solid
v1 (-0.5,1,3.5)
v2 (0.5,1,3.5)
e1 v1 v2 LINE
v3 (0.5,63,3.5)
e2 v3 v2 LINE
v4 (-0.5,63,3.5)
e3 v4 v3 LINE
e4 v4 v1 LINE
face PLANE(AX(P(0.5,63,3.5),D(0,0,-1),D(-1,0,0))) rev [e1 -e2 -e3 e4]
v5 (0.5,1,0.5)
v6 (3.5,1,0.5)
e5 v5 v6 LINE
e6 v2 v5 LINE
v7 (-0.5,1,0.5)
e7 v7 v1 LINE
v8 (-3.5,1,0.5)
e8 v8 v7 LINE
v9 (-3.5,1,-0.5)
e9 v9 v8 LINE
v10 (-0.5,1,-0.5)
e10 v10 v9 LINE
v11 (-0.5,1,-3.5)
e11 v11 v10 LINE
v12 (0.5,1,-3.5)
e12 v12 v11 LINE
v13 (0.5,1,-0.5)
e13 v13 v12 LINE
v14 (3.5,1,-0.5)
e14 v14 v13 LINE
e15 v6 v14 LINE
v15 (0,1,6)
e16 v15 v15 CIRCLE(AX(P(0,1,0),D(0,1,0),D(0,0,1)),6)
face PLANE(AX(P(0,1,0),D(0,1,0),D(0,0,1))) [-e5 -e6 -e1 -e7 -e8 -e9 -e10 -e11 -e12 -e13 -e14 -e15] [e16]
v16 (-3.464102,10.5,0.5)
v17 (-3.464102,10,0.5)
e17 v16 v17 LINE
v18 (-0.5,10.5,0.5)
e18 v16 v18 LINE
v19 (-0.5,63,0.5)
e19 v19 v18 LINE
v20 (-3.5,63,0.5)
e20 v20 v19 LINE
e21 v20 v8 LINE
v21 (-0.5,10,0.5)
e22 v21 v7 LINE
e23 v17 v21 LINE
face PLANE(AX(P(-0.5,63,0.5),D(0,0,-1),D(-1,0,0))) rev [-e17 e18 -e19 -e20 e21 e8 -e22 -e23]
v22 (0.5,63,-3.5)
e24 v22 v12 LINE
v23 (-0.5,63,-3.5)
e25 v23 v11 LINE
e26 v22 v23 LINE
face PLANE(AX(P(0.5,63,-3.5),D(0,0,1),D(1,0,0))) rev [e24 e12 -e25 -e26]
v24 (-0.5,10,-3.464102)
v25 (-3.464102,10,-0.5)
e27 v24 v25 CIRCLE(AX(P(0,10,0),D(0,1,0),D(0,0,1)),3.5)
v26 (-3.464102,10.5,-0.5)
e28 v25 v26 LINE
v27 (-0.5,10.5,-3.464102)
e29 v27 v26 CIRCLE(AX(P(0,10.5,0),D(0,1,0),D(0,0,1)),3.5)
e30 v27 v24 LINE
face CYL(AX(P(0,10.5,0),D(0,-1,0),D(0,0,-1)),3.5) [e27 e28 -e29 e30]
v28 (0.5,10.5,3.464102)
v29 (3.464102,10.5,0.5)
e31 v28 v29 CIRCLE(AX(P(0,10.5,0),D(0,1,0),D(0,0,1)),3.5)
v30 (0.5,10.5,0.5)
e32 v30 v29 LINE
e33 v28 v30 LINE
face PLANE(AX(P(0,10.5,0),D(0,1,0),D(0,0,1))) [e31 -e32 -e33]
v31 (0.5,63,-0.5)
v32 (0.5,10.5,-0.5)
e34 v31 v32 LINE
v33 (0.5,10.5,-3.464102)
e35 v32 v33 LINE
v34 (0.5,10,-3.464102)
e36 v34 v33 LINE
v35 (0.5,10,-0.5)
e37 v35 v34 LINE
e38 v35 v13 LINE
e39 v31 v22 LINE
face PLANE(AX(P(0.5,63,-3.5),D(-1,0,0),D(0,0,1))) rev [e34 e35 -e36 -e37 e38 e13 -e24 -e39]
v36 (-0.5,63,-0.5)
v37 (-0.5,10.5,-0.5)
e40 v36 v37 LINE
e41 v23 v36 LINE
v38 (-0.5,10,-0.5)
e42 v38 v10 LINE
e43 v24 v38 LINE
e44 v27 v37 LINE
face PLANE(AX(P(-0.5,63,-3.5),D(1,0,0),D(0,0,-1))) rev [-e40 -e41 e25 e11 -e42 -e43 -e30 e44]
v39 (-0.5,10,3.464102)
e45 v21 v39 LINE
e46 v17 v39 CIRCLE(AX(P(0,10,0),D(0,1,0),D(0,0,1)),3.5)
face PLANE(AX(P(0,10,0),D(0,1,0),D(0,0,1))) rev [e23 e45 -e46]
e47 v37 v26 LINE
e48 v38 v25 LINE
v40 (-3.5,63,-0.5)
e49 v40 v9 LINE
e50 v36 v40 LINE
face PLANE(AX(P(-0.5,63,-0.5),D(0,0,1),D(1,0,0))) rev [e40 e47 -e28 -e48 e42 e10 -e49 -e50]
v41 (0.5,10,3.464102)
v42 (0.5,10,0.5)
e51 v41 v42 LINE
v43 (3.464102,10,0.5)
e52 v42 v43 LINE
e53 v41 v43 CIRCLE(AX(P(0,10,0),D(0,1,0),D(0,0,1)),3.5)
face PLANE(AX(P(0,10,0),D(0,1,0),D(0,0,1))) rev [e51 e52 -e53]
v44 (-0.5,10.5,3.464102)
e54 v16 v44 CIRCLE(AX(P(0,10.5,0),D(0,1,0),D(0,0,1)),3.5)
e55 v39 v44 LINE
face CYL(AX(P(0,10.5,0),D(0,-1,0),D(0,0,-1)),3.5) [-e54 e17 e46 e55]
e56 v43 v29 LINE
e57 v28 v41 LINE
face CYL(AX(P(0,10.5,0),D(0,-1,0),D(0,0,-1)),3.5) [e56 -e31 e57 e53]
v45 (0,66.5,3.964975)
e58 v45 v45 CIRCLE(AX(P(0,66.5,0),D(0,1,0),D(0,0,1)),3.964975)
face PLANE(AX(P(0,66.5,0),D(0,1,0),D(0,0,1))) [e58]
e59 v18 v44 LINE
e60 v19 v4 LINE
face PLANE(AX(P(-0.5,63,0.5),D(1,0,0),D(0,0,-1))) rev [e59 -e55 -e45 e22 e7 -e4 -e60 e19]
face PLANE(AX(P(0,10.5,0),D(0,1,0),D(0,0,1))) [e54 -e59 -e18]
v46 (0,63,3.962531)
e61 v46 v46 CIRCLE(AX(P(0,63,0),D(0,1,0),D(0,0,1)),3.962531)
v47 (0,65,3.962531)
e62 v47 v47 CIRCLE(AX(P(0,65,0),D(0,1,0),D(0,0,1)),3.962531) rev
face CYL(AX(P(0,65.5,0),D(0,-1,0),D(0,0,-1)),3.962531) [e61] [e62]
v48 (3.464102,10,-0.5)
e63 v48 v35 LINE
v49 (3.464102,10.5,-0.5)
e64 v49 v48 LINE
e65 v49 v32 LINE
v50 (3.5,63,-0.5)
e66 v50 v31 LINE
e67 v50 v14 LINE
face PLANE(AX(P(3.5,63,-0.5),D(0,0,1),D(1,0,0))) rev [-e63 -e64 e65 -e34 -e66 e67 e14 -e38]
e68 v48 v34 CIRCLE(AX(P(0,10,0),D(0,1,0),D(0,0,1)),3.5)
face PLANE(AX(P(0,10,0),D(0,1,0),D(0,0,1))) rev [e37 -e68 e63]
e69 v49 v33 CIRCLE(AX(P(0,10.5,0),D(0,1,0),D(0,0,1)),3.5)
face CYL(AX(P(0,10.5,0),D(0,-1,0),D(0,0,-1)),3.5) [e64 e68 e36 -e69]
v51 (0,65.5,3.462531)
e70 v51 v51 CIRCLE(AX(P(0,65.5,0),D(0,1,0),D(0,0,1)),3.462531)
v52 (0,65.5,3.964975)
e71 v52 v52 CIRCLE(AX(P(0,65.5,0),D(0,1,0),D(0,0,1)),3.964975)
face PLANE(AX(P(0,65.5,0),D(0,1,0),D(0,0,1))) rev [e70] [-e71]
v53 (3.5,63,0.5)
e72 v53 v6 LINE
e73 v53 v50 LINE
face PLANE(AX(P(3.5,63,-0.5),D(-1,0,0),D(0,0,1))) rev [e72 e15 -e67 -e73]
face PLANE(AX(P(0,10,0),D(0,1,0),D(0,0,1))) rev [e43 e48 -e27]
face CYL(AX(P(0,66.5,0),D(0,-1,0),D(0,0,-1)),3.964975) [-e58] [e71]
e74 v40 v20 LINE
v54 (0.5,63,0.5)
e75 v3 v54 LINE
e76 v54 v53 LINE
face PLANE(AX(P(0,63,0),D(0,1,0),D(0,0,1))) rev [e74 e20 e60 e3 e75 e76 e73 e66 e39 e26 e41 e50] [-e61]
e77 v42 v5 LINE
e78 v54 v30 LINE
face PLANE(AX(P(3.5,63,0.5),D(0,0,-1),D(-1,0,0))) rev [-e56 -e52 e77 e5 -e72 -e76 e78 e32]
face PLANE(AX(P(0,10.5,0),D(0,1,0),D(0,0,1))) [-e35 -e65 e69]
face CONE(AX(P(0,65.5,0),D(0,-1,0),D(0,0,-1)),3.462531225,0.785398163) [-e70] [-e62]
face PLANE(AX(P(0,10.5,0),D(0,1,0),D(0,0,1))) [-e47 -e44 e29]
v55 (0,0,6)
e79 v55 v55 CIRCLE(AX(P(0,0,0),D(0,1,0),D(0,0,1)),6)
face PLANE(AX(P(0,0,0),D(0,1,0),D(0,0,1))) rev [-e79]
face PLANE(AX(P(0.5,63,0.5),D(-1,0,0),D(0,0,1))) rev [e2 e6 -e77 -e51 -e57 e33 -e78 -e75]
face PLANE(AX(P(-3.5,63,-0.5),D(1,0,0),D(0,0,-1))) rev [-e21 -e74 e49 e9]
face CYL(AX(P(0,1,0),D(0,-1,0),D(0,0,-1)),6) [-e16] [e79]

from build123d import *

# Parameters (mm, degrees)
SKETCH1_R      = 6
EXTRUDE1_DEPTH = 1
EXTRUDE2_DEPTH = 62
SKETCH5_R      = 3.5
EXTRUDE4_DEPTH = 0.5
SKETCH6_R      = 0.53375681
EXTRUDE5_DEPTH = 1.5
SKETCH7_R      = 3.962531225
EXTRUDE6_DEPTH = 2.5
CHAMFER1_SIZE  = 0.5
SKETCH8_R      = 3.96497508
EXTRUDE7_DEPTH = 1


with BuildPart() as part:
    # Sketch1 → Extrude1 (new body)
    with BuildSketch(Plane(origin=(0, 0, 0), x_dir=(1, 0, 0), z_dir=(0, 1, 0))):
        with Locations(Location((0, 0, 0), (0, 0, 270))):
            Circle(SKETCH1_R)
    extrude(amount=EXTRUDE1_DEPTH)

    # Sketch2 → Extrude2 (add)
    with BuildSketch(Plane(origin=(0, 1, 0), x_dir=(-1, 0, 0), z_dir=(0, 1, 0))):
        Polygon((0.5, 0.5), (0.5, 3.5), (-0.5, 3.5), (-0.5, 0.5), (-3.5, 0.5), (-3.5, -0.5), (-0.5, -0.5), (-0.5, -3.5), (0.5, -3.5), (0.5, -0.5), (3.5, -0.5), (3.5, 0.5), align=None)
    extrude(amount=EXTRUDE2_DEPTH)

    # Sketch5 → Extrude4 (add)
    with BuildSketch(Plane(origin=(0, 10, 0), x_dir=(-1, 0, 0), z_dir=(0, 1, 0))):
        Circle(SKETCH5_R)
    extrude(amount=EXTRUDE4_DEPTH)

    # Sketch6 → Extrude5 (add)
    with BuildSketch(Plane(origin=(0, 63, 0), x_dir=(-1, 0, 0), z_dir=(0, 1, 0))):
        with Locations(Location((0, 0, 0), (0, 0, 270))):
            Circle(SKETCH6_R)
    extrude(amount=EXTRUDE5_DEPTH)

    # Sketch7 → Extrude6 (add)
    with BuildSketch(Plane(origin=(0, 63, 0), x_dir=(-1, 0, 0), z_dir=(0, 1, 0))):
        with Locations(Location((0, 0, 0), (0, 0, 90))):
            Circle(SKETCH7_R)
    extrude(amount=EXTRUDE6_DEPTH)

    # Chamfer1
    chamfer1_edges = [part.edges().sort_by_distance(p)[0] for p in [
        (0, 65.5, -3.962531225),
    ]]
    chamfer(chamfer1_edges, length=CHAMFER1_SIZE)

    # Sketch8 → Extrude7 (add)
    with BuildSketch(Plane(origin=(0, 65.5, 0), x_dir=(-1, 0, 0), z_dir=(0, 1, 0))):
        with Locations(Location((0, 0, 0), (0, 0, 90))):
            Circle(SKETCH8_R)
    extrude(amount=EXTRUDE7_DEPTH)


solid = part.part
